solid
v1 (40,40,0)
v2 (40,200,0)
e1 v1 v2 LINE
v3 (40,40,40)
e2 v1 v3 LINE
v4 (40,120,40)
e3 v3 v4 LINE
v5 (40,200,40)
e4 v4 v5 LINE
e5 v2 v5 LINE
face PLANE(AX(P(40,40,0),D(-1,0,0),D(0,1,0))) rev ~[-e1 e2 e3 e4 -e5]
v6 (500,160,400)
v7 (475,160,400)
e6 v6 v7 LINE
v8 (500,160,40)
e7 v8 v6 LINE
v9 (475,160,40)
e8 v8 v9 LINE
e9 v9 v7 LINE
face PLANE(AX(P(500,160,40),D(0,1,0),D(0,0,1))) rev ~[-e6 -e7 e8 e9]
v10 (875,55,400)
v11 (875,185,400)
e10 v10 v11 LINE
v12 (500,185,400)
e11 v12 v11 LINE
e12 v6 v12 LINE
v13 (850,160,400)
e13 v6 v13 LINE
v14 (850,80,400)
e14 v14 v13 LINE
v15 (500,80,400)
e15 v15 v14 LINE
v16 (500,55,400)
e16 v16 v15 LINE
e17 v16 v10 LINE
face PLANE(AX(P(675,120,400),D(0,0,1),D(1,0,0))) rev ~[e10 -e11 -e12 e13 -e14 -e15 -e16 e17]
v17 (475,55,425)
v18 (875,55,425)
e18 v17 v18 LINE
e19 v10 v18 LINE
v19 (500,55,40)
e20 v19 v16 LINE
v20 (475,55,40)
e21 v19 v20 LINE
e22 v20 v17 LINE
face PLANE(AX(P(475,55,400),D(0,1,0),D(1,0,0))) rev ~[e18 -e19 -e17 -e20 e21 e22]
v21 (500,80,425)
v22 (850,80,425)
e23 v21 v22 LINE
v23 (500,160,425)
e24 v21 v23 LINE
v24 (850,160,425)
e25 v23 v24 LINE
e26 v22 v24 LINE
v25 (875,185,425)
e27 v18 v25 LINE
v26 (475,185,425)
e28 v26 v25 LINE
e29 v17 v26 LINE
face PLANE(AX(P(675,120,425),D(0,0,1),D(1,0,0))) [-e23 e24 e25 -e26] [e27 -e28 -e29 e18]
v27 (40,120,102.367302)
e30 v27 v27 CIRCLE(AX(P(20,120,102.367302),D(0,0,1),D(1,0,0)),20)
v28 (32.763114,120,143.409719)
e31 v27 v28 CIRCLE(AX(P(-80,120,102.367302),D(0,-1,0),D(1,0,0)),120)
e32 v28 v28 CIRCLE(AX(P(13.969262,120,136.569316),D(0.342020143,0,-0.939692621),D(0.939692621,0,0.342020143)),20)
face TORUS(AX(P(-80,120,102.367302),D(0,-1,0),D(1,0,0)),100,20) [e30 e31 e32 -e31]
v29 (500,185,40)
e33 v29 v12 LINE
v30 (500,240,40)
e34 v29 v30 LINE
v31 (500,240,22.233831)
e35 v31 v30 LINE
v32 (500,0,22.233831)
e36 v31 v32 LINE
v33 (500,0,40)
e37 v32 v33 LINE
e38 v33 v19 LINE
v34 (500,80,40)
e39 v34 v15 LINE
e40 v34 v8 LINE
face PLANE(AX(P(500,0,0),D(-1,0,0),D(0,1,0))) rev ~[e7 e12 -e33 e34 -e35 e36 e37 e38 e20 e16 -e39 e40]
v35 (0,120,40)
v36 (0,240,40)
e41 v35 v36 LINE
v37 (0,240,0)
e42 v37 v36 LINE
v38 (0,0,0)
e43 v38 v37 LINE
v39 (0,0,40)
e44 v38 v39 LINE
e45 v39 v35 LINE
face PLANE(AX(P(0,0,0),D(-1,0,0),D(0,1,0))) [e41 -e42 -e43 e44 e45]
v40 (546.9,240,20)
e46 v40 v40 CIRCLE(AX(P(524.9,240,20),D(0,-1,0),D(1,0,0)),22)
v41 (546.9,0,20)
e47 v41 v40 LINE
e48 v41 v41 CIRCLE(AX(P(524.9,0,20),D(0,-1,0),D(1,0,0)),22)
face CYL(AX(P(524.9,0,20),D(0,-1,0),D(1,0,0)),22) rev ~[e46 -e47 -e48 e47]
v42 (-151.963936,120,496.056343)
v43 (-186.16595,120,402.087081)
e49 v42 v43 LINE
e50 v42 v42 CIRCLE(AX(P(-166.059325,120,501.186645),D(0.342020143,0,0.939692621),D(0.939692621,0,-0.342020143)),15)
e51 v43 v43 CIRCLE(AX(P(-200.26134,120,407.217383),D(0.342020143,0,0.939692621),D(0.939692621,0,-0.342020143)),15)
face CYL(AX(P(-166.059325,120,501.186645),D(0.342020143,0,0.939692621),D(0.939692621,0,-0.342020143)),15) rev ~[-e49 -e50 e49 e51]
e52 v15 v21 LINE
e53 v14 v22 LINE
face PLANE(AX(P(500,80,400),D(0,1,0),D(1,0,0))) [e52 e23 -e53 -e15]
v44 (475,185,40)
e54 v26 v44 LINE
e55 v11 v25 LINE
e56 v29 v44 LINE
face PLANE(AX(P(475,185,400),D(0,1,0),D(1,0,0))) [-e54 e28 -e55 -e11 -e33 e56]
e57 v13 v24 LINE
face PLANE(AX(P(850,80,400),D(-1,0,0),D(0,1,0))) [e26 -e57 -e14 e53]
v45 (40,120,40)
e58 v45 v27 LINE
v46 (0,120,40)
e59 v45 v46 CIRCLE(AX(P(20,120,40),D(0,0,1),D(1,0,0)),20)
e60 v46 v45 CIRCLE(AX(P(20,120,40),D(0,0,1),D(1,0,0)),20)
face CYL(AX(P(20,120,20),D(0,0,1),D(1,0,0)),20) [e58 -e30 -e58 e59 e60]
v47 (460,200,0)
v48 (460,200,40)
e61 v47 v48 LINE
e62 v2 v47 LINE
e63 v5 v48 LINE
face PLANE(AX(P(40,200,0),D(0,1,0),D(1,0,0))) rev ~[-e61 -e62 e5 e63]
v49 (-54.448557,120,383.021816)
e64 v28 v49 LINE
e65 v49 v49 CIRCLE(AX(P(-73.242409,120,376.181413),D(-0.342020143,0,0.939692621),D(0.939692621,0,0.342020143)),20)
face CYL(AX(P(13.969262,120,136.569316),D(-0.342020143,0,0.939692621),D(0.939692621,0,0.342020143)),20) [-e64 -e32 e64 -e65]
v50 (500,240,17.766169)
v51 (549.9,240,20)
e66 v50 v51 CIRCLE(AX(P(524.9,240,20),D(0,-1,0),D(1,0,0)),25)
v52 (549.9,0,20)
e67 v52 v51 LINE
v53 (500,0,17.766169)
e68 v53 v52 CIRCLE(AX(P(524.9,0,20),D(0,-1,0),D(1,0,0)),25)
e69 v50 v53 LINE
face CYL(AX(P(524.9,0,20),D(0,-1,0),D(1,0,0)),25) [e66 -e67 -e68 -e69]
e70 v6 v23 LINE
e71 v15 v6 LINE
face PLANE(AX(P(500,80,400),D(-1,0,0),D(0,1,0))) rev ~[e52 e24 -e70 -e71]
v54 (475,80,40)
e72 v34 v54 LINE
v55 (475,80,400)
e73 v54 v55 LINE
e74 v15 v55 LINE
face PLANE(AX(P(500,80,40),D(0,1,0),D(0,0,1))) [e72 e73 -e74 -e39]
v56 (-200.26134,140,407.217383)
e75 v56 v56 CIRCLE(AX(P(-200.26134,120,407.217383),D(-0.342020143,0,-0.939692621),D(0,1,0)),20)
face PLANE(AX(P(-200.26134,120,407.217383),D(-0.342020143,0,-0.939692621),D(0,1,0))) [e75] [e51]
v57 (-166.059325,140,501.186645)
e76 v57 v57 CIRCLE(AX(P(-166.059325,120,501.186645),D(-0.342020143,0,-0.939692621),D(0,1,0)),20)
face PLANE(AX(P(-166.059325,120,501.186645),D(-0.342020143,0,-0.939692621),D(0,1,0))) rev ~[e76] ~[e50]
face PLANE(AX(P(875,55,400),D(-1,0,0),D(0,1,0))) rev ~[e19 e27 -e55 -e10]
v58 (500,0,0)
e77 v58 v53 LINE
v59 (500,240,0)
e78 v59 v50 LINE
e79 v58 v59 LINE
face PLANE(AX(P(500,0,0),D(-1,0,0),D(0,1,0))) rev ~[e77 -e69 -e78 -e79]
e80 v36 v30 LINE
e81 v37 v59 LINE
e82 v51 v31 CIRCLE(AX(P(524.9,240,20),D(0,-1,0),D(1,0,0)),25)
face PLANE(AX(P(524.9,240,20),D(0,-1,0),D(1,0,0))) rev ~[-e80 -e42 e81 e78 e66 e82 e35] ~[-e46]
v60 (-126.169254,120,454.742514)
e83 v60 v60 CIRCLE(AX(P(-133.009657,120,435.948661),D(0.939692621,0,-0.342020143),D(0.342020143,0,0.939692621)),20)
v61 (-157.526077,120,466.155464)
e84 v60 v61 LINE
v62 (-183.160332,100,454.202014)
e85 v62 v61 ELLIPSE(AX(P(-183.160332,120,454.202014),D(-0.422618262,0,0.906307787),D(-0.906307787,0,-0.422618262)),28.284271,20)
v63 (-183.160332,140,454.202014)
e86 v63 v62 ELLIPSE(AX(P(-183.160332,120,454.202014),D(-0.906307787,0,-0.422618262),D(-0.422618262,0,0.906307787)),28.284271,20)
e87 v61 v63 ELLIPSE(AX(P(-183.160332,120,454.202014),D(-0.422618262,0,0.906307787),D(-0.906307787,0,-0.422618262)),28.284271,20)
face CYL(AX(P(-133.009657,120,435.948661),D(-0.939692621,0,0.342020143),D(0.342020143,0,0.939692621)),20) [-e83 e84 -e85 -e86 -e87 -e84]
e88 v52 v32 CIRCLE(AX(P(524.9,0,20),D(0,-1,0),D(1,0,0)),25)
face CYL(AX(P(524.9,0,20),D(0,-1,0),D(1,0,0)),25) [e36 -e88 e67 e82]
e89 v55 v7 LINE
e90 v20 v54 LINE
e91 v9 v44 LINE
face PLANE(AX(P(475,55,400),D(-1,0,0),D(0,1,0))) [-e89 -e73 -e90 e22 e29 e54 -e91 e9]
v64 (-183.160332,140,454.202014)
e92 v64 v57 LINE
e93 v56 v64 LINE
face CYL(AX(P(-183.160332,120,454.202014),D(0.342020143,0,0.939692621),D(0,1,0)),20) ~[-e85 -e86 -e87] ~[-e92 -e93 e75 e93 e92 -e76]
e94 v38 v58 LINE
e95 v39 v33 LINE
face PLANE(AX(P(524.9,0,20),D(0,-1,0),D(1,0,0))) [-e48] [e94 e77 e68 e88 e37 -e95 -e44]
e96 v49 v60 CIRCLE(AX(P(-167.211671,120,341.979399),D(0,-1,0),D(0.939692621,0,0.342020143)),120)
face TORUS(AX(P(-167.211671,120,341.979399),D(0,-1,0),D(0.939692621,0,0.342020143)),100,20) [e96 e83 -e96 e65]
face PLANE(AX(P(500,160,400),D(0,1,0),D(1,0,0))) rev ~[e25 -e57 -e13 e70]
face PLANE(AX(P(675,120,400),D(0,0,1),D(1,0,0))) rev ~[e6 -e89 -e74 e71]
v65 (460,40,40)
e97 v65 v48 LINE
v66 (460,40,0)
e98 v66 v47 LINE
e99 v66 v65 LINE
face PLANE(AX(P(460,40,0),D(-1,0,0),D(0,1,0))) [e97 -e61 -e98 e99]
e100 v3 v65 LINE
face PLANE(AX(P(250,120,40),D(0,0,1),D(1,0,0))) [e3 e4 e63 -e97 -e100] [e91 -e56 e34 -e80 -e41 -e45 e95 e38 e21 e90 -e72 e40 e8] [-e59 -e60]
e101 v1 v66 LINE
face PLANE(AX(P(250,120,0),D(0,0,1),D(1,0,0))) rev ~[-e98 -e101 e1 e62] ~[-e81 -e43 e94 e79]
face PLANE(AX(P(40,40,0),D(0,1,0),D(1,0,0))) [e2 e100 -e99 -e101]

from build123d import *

# Parameters (mm, degrees)
F0_W      = 500
F0_H      = 240
F0_W_2    = 420
F0_H_2    = 160
F1_DEPTH  = 40
F2_W      = 25
F2_H      = 360
F3_DEPTH  = 25
F4_W      = 400
F4_H      = 130
F4_W_2    = 350
F4_H_2    = 80
F5_DEPTH  = 25
F6_R      = 25
F6_R_2    = 22
F7_DEPTH  = 240
F11_R     = 20
F13_W     = 20
F13_H     = 100
F15_R     = 15
F16_DEPTH = 493.7865093372


with BuildPart() as f1:
    # F0 (on Top) → F1 (new body)
    with BuildSketch(Plane.XY):
        with Locations((250, 120)):
            Rectangle(F0_W, F0_H)
        with Locations((250, 120)):
            Rectangle(F0_W_2, F0_H_2, mode=Mode.SUBTRACT)
    extrude(amount=F1_DEPTH)

    # F2 (on face) → F3 (join)
    with BuildSketch(Plane.YZ.offset(500)):
        with Locations((67.5, 220)):
            Rectangle(F2_W, F2_H)
        with Locations((172.5, 220)):
            Rectangle(F2_W, F2_H)
    extrude(amount=-F3_DEPTH)

    # F4 (on face) → F5 (join)
    with BuildSketch(Plane.XY.offset(400)):
        with Locations((675, 120)):
            Rectangle(F4_W, F4_H)
        with Locations((675, 120)):
            Rectangle(F4_W_2, F4_H_2, mode=Mode.SUBTRACT)
    extrude(amount=F5_DEPTH)

    # F6 (on Front) → F7 (join)
    with BuildSketch(Plane.XZ):
        with Locations((524.9, 20)):
            Circle(F6_R)
        with Locations((524.9, 20)):
            Circle(F6_R_2, mode=Mode.SUBTRACT)
    extrude(amount=-F7_DEPTH)

    # F12: sweep along a path in F9
    with BuildLine(Plane.XZ.offset(-120)) as f12_path:
        Line((20, 20), (20, 102.3673019292))
        ThreePointArc((20, 102.3673019292), (18.4807753012, 119.7321196958), (13.9692620786, 136.5693162617))
        Line((13.9692620786, 136.5693162617), (-73.2424090723, 376.1814134616))
        ThreePointArc((-73.2424090723, 376.1814134616), (-96.5009930322, 412.6900772477), (-133.0096568183, 435.9486612076))
        Line((-133.0096568183, 435.9486612076), (-183.1603323585, 454.2020143326))
    # F11 (on line) → F12 (sweep)
    with BuildSketch(Plane.XY.offset(20)):
        with Locations((20, 120)):
            Circle(F11_R)
    sweep(path=f12_path.line)

    # F13 (on face) → F14 (revolve)
    with BuildSketch(Plane(origin=(-307.7123571346, 0, 111.9981387129), x_dir=(0, -1, 0), z_dir=(-0.9396926208, 0, 0.3420201433))):
        with Locations((-130, 364.1657580896)):
            Rectangle(F13_W, F13_H)
    revolve(axis=Axis((-183.1603323585, 120, 454.2020143326), (-0.3420201433, 0, -0.9396926208)))

    # F15 (on face) → F16 (cut, through all)
    with BuildSketch(Plane(origin=(141.6530319424, 0, 389.188506659), x_dir=(0.9396926208, 0, -0.3420201433), z_dir=(0.3420201433, 0, 0.9396926208))):
        with Locations((-327.4606507788, 120)):
            Circle(F15_R)
    extrude(amount=-F16_DEPTH, mode=Mode.SUBTRACT)


solid = f1.part
